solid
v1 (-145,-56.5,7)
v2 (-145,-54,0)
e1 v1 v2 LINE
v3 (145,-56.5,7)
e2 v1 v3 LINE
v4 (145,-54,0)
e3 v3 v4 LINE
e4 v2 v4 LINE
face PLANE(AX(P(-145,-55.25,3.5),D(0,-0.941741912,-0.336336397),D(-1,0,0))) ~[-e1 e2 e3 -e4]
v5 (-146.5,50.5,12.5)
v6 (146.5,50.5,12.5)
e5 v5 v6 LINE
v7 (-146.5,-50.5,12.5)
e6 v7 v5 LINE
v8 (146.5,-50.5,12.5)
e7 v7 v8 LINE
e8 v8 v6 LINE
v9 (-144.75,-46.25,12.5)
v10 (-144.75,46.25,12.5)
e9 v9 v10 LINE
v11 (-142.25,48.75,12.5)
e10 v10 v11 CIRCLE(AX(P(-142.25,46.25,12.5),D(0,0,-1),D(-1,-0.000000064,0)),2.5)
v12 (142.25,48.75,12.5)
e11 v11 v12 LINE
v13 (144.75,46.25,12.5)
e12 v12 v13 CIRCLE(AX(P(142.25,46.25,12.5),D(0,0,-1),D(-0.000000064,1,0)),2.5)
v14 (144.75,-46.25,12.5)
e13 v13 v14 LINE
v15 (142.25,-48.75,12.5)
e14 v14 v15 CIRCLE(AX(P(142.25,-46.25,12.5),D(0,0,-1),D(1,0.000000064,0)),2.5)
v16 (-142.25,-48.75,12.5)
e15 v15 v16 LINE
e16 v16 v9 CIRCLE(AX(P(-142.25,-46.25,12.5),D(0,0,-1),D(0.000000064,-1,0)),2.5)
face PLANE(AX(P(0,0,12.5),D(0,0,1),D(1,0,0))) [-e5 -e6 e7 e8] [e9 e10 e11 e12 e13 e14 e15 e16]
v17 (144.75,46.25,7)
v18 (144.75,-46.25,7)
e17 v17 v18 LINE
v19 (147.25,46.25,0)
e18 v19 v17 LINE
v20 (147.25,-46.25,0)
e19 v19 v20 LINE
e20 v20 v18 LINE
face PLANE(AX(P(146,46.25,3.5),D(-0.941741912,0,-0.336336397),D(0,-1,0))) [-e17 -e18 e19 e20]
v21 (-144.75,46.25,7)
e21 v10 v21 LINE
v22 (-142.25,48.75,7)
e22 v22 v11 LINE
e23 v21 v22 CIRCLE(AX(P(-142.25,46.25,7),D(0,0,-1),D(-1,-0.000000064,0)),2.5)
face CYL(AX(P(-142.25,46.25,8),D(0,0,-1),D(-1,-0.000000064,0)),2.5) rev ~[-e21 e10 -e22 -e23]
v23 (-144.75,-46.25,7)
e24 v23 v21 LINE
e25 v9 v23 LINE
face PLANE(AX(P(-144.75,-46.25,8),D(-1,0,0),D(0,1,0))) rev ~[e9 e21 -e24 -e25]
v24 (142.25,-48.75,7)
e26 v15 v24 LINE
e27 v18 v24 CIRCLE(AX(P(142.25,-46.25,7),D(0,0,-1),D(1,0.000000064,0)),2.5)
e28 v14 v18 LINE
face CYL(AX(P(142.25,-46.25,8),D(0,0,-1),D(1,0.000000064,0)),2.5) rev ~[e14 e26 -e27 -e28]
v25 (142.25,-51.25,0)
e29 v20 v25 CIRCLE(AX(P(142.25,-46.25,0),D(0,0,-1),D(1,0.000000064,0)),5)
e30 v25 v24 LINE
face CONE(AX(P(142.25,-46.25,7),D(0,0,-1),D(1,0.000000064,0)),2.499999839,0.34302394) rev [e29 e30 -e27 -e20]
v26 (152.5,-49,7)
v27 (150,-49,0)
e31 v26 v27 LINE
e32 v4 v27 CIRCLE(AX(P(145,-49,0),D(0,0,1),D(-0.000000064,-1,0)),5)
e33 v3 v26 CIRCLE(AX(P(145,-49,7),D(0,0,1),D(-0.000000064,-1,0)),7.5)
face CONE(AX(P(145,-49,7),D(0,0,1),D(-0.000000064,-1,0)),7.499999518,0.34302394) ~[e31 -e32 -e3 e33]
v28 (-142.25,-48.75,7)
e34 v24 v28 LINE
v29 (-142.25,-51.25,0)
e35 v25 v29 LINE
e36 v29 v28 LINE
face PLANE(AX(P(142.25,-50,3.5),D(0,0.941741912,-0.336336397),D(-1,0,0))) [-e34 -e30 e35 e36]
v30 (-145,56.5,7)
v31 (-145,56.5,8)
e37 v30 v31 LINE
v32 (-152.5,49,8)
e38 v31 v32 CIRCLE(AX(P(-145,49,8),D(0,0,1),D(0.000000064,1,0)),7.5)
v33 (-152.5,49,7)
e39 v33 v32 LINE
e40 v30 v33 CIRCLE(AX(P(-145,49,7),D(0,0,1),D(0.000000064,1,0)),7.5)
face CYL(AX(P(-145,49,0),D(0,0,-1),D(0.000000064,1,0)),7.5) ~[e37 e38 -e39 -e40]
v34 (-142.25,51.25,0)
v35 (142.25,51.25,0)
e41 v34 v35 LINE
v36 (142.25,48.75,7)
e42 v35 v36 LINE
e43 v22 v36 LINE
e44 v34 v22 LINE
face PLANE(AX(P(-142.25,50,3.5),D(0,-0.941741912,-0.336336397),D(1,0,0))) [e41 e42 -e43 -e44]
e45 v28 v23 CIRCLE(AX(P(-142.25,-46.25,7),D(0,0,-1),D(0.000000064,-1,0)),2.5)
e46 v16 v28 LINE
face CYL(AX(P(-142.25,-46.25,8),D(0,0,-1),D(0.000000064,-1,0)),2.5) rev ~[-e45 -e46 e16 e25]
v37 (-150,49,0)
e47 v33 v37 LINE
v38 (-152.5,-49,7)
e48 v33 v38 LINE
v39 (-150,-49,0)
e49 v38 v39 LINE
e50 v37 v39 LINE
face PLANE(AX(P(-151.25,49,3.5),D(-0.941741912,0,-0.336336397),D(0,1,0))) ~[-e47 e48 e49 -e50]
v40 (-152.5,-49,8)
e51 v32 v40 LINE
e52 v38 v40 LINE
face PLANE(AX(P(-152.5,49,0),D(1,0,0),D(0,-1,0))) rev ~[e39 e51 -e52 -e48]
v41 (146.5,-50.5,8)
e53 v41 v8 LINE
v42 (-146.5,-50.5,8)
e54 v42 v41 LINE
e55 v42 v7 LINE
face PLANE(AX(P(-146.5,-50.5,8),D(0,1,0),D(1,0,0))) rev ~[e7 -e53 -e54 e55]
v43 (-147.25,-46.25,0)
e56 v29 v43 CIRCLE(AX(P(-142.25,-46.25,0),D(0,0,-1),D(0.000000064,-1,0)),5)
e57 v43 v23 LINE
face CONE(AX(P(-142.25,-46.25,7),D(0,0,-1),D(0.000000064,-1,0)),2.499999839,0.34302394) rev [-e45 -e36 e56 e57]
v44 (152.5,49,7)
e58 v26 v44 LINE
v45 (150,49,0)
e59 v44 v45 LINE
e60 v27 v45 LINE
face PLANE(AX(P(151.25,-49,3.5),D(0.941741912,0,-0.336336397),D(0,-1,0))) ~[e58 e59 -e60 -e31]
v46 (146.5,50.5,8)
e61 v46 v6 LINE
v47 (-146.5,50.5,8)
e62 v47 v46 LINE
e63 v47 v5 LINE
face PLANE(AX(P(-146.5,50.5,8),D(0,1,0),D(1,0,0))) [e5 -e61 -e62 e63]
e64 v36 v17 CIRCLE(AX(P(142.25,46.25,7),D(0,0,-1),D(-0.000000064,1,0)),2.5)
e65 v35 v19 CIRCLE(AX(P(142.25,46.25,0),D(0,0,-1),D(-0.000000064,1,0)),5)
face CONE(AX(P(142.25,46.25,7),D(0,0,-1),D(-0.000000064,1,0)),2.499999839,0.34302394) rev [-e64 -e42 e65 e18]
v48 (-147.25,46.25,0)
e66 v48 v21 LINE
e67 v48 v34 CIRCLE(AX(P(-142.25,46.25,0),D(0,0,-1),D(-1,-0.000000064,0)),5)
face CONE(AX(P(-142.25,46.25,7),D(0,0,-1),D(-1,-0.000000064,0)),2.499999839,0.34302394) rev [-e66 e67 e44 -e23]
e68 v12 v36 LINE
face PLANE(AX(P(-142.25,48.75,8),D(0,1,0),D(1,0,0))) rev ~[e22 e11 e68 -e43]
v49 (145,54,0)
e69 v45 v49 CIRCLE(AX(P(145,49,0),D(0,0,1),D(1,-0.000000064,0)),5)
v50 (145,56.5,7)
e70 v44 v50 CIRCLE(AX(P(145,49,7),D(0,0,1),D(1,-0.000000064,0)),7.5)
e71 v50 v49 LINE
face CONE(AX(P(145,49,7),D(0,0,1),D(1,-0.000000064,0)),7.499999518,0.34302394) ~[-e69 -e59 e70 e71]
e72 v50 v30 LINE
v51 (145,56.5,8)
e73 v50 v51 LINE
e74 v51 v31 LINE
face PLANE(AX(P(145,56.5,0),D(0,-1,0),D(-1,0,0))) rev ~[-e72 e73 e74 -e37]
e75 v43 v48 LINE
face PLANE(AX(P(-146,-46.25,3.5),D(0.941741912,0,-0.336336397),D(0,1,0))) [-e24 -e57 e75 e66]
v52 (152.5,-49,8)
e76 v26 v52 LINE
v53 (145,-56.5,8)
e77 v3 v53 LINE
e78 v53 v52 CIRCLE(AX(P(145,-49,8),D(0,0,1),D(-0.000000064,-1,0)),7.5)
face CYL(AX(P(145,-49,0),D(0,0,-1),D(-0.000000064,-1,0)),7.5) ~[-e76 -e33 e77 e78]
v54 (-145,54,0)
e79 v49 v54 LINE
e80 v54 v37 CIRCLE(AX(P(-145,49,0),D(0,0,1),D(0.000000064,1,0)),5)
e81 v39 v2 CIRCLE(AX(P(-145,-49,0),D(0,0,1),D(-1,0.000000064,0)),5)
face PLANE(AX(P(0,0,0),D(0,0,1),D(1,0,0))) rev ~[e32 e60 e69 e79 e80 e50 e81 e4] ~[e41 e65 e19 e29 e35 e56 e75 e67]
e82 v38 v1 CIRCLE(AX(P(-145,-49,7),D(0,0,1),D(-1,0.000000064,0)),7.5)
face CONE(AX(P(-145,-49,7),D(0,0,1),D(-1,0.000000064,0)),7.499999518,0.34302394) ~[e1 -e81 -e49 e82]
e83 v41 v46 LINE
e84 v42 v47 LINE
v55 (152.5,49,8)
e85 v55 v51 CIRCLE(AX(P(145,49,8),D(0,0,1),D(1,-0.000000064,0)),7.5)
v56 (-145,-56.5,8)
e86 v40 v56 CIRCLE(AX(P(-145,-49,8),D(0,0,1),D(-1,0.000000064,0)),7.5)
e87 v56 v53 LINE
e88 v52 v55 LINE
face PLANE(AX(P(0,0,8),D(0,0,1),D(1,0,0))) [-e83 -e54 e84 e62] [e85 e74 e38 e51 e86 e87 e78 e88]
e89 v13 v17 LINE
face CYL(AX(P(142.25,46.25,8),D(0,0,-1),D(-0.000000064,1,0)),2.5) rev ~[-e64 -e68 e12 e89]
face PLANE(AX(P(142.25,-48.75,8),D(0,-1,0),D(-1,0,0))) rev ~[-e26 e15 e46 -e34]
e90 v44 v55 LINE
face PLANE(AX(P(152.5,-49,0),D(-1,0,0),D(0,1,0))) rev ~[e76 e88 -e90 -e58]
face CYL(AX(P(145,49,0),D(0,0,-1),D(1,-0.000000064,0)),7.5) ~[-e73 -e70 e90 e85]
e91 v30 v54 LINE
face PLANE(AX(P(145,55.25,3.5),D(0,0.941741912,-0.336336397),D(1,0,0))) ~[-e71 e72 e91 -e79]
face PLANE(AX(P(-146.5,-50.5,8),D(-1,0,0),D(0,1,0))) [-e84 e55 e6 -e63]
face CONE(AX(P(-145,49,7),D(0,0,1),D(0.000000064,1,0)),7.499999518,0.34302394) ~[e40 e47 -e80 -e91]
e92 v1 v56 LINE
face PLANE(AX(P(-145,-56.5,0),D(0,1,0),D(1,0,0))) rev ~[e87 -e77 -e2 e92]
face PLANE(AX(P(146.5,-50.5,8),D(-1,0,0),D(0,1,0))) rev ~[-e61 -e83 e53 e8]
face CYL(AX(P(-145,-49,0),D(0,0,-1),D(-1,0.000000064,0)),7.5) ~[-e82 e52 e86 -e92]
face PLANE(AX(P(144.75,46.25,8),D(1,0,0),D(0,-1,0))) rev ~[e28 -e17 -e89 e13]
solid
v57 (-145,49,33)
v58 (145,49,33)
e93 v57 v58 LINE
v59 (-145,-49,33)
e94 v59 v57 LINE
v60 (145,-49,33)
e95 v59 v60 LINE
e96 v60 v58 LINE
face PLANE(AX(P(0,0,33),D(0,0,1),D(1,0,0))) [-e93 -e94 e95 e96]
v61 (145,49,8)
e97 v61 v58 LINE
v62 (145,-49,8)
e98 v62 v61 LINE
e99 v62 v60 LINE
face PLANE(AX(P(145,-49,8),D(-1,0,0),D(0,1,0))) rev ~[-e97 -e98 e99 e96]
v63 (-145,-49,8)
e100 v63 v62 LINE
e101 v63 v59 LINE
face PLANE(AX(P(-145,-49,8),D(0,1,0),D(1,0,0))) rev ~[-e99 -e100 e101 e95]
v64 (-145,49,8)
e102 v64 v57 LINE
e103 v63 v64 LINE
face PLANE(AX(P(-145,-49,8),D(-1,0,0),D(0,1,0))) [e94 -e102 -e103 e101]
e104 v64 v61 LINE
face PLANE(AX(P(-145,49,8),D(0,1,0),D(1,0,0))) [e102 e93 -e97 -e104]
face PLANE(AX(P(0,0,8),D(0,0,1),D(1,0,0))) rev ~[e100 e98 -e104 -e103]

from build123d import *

# Parameters (mm, degrees)
F1_DEPTH = 8
F2_SIZE2 = 2.5
F2_SIZE  = 7
F3_SIZE2 = 7
F3_SIZE  = 2.5
F4_W     = 293
F4_H     = 101
F5_DEPTH = 4.5
F6_W     = 290
F6_H     = 98
F7_DEPTH = 25


with BuildPart() as f1:
    # F0 (on Top) → F1 (new body)
    with BuildSketch(Plane.XY):
        with BuildLine():
            Line((-145, -56.5), (145, -56.5))
            ThreePointArc((145, -56.5), (150.303301, -54.303301), (152.5, -49))
            Line((152.5, -49), (152.5, 49))
            ThreePointArc((152.5, 49), (150.303301, 54.303301), (145, 56.5))
            Line((145, 56.5), (-145, 56.5))
            ThreePointArc((-145, 56.5), (-150.303301, 54.303301), (-152.5, 49))
            Line((-152.5, 49), (-152.5, -49))
            ThreePointArc((-152.5, -49), (-150.303301, -54.303301), (-145, -56.5))
        make_face()
        with BuildLine():
            ThreePointArc((144.75, -46.25), (144.017767, -48.017767), (142.25, -48.75))
            Line((142.25, -48.75), (-142.25, -48.75))
            ThreePointArc((-142.25, -48.75), (-144.017767, -48.017767), (-144.75, -46.25))
            Line((-144.75, -46.25), (-144.75, 46.25))
            ThreePointArc((-144.75, 46.25), (-144.017767, 48.017767), (-142.25, 48.75))
            Line((-142.25, 48.75), (142.25, 48.75))
            ThreePointArc((142.25, 48.75), (144.017767, 48.017767), (144.75, 46.25))
            Line((144.75, 46.25), (144.75, -46.25))
        make_face(mode=Mode.SUBTRACT)
    extrude(amount=F1_DEPTH)

    # F2
    f2_edges = [f1.edges().sort_by_distance(p)[0] for p in [
        (0, 56.5, 0),
    ]]
    chamfer(f2_edges, length=F2_SIZE, length2=F2_SIZE2)

    # F3
    f3_edges = [f1.edges().sort_by_distance(p)[0] for p in [
        (0, 48.75, 0),
    ]]
    chamfer(f3_edges, length=F3_SIZE, length2=F3_SIZE2)

    # F4 (on face) → F5 (join)
    with BuildSketch(Plane.XY.offset(8)):
        Rectangle(F4_W, F4_H)
        with BuildLine():
            Line((-142.25, 48.75), (142.25, 48.75))
            ThreePointArc((142.25, 48.75), (144.017767, 48.017767), (144.75, 46.25))
            Line((144.75, 46.25), (144.75, -46.25))
            ThreePointArc((144.75, -46.25), (144.017767, -48.017767), (142.25, -48.75))
            Line((142.25, -48.75), (-142.25, -48.75))
            ThreePointArc((-142.25, -48.75), (-144.017767, -48.017767), (-144.75, -46.25))
            Line((-144.75, -46.25), (-144.75, 46.25))
            ThreePointArc((-144.75, 46.25), (-144.017767, 48.017767), (-142.25, 48.75))
        make_face(mode=Mode.SUBTRACT)
    extrude(amount=F5_DEPTH)


with BuildPart() as f7:
    # F6 (on face) → F7 (new body)
    with BuildSketch(Plane.XY.offset(8)):
        Rectangle(F6_W, F6_H)
    extrude(amount=F7_DEPTH)


solid = Compound([f1.part, f7.part])
